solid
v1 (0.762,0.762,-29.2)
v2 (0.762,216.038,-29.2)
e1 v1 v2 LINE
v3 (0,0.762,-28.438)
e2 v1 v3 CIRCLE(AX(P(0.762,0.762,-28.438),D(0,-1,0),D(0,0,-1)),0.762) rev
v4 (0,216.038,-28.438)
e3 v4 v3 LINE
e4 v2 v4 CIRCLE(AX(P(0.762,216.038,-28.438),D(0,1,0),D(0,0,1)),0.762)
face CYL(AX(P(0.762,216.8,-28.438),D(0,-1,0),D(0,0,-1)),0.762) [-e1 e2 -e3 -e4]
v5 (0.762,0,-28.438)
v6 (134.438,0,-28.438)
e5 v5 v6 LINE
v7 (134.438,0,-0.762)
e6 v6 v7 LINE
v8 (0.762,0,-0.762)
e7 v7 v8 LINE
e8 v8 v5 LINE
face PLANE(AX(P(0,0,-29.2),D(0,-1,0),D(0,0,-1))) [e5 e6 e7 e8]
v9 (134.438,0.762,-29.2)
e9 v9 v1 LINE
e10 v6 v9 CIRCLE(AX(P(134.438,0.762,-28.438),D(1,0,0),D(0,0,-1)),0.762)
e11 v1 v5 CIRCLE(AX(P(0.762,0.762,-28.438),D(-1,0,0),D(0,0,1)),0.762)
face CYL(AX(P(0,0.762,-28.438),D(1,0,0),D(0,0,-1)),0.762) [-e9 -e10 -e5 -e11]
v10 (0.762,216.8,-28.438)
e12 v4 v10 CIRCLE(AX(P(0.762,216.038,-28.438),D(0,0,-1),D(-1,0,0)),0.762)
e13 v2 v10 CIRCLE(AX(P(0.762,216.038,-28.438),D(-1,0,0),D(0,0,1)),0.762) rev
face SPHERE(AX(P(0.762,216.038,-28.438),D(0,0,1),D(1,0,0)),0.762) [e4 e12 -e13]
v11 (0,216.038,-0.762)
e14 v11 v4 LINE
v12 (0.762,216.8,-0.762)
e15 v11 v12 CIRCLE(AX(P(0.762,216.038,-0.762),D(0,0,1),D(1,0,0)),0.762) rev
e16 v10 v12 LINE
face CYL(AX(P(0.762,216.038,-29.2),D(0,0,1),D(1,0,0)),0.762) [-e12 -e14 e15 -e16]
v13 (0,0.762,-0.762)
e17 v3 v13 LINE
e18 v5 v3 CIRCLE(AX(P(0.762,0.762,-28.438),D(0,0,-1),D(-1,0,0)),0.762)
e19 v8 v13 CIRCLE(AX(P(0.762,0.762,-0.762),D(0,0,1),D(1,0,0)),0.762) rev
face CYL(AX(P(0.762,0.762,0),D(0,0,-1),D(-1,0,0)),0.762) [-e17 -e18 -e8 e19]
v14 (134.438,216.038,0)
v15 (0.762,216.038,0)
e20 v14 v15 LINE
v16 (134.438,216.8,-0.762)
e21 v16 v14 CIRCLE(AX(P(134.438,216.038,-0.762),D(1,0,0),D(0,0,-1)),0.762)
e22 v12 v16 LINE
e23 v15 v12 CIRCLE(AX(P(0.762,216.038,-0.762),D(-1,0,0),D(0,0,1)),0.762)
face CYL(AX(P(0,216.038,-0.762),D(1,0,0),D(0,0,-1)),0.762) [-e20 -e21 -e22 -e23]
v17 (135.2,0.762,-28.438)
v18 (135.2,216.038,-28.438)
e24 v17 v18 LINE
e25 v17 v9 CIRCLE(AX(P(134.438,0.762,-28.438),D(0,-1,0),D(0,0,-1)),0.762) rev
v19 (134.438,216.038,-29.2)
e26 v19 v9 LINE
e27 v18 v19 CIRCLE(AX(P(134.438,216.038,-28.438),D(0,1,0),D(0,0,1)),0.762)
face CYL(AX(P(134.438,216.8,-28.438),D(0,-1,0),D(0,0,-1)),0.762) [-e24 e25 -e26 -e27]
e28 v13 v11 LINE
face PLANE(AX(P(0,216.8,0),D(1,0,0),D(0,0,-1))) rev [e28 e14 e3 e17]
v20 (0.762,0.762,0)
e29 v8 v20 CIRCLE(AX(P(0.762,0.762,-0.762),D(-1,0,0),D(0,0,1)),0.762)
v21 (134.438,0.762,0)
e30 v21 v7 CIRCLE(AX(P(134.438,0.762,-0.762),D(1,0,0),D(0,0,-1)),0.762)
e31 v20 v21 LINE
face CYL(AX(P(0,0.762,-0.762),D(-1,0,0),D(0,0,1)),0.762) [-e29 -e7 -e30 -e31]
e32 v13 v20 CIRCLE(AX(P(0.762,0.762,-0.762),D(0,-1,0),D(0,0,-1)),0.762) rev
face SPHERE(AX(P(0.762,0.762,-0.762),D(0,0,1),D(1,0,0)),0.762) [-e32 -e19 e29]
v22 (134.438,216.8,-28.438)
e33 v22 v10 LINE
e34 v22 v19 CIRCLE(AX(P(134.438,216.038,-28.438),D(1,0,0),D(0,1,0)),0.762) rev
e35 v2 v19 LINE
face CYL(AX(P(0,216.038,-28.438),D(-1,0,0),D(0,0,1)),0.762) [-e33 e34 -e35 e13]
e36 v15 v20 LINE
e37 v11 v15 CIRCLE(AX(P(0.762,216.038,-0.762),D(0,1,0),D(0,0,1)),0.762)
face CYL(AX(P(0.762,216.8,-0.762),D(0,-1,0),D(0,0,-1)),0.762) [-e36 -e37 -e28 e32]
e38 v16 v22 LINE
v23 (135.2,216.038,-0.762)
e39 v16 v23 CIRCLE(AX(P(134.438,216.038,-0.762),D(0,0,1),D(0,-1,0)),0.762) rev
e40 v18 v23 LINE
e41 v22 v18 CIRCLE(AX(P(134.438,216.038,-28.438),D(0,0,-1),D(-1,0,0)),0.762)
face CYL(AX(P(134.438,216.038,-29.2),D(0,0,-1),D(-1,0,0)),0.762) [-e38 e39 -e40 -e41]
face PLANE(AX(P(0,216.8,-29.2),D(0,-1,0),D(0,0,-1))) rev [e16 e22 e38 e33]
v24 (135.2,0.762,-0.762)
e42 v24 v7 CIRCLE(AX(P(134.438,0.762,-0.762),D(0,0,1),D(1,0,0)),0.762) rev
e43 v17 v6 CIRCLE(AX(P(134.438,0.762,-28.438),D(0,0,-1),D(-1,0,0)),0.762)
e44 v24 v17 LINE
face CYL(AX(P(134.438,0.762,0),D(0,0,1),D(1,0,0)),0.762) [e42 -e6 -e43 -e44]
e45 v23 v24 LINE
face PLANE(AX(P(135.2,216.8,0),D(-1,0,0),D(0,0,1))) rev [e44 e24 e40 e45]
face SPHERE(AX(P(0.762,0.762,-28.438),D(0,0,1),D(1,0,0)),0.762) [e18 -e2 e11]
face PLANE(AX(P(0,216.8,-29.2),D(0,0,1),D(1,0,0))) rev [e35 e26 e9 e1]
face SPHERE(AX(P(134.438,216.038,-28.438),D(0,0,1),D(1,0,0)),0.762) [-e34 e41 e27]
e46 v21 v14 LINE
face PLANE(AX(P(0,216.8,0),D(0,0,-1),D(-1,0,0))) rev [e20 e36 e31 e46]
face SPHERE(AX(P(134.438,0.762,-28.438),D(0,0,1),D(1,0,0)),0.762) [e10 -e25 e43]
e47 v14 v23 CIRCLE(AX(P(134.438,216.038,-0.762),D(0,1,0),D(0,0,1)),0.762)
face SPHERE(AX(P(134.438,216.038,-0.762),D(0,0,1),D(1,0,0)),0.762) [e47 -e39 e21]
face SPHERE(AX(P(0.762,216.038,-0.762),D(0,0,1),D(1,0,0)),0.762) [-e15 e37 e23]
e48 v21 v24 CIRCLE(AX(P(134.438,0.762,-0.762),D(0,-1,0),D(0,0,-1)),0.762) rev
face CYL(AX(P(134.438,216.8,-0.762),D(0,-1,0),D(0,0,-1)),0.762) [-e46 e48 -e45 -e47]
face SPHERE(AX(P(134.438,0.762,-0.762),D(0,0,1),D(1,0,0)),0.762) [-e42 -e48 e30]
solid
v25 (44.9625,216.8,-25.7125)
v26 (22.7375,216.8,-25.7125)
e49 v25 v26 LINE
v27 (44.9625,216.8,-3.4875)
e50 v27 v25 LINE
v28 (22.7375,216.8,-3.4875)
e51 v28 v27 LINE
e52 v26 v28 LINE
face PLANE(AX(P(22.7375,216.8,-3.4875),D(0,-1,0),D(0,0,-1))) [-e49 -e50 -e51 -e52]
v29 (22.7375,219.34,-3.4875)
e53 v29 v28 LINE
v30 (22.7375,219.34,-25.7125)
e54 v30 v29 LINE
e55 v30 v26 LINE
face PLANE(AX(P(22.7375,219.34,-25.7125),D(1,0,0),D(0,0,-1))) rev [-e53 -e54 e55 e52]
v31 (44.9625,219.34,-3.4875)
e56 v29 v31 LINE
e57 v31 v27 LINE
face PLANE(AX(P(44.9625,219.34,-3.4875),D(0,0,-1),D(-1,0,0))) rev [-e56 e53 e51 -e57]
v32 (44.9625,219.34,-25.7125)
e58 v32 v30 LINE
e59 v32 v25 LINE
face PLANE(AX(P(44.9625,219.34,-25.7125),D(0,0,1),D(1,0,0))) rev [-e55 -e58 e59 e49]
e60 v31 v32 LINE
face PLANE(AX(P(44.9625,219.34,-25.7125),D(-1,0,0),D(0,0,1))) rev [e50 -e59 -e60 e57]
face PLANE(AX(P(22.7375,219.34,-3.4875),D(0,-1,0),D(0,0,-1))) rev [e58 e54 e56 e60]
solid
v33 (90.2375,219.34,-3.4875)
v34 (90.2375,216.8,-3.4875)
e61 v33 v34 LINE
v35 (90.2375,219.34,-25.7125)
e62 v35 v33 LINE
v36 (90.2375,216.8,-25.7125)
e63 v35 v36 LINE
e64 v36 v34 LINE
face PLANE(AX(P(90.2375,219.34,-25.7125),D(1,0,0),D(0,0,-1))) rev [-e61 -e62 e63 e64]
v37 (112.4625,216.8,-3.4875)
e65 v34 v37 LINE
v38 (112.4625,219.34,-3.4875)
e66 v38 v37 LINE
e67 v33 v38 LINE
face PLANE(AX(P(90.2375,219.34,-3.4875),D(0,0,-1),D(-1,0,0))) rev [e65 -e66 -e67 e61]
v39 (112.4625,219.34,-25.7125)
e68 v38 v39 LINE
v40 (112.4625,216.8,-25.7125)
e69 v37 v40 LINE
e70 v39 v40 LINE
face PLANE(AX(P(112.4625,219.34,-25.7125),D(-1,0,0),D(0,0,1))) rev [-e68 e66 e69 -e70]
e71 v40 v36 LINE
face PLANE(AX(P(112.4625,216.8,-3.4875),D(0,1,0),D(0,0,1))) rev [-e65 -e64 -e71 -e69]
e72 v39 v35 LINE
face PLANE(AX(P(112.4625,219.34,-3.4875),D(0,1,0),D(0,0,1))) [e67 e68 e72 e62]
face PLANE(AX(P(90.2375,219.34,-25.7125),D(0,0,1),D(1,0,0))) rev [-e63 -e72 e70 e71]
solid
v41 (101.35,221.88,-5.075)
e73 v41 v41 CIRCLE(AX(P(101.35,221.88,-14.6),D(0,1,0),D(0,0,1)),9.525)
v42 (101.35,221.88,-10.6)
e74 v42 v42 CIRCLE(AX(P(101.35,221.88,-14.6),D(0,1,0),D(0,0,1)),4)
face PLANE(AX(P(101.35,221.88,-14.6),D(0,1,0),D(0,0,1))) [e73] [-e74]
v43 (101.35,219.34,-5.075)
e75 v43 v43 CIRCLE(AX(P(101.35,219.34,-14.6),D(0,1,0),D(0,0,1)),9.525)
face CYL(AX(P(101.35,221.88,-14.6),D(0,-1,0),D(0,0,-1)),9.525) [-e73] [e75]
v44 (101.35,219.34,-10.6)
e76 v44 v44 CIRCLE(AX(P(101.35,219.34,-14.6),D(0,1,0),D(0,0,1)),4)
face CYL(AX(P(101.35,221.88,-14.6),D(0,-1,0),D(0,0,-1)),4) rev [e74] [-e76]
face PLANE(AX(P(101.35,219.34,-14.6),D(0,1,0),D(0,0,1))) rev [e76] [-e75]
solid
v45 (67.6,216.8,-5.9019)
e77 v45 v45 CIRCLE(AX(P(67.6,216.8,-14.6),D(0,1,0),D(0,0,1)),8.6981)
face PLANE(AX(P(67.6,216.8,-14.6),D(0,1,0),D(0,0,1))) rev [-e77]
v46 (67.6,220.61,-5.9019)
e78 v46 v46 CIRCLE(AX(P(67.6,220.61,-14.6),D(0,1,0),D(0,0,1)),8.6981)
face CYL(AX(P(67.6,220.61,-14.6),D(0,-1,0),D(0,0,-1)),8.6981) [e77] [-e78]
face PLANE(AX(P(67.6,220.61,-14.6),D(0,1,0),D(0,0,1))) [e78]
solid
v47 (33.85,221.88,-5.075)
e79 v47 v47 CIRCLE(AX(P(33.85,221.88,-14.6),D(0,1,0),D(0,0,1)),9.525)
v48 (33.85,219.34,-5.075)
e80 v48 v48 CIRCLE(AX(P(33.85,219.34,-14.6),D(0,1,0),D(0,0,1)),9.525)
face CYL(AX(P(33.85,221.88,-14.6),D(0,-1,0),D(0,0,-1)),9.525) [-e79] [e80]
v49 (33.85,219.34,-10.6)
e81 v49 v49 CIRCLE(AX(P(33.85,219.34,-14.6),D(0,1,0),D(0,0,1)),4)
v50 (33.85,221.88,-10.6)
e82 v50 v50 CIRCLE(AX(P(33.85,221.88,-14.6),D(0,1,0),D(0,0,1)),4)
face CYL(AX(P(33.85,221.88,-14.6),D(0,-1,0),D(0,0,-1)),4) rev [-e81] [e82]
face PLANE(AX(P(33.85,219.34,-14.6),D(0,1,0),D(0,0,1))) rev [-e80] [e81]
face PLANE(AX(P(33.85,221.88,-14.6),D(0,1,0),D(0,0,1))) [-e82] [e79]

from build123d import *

# Parameters (mm, degrees)
SKETCH1_W             = 135.2
SKETCH1_H             = 29.2
BOSS_EXTRUDE1_DEPTH   = 216.8
SKETCH2_W             = 22.225
SKETCH2_H             = 22.225
BOSS_EXTRUDE2_DEPTH   = 2.54
BOSS_EXTRUDE2_2_DEPTH = 2.54
SKETCH4_R             = 9.525
SKETCH4_R_2           = 4
BOSS_EXTRUDE3_DEPTH   = 2.54
BOSS_EXTRUDE3_2_DEPTH = 2.54
SKETCH5_R             = 8.69809988
BOSS_EXTRUDE4_DEPTH   = 3.81
FILLET1_R             = 0.762


with BuildPart() as part:
    # Sketch1 → Boss-Extrude1 (new body)
    with BuildSketch(Plane(origin=(0, 0, 0), x_dir=(1, 0, 0), z_dir=(0, 1, 0))):
        with Locations((67.6, 14.6)):
            Rectangle(SKETCH1_W, SKETCH1_H)
    extrude(amount=BOSS_EXTRUDE1_DEPTH)

    # Fillet1
    fillet1_edges = [part.edges().sort_by_distance(p)[0] for p in [
        (135.2, 216.8, -14.6),
        (67.6, 216.8, -29.2),
        (0, 216.8, -14.6),
        (67.6, 0, -29.2),
        (135.2, 0, -14.6),
        (67.6, 0, 0),
        (0, 0, -14.6),
        (67.6, 216.8, 0),
        (0, 108.4, -29.2),
        (135.2, 108.4, -29.2),
        (135.2, 108.4, 0),
        (0, 108.4, 0),
    ]]
    fillet(fillet1_edges, radius=FILLET1_R)


with BuildPart() as body_2:
    # Sketch2 → Boss-Extrude2 (new body)
    with BuildSketch(Plane(origin=(0, 216.8, 0), x_dir=(1, 0, 0), z_dir=(0, 1, 0))):
        with Locations((33.85, 14.6)):
            Rectangle(SKETCH2_W, SKETCH2_H)
    extrude(amount=BOSS_EXTRUDE2_DEPTH)


with BuildPart() as body_3:
    # Sketch2 → Boss-Extrude2 2 (new body)
    with BuildSketch(Plane(origin=(0, 216.8, 0), x_dir=(1, 0, 0), z_dir=(0, 1, 0))):
        with Locations((101.35, 14.6)):
            Rectangle(SKETCH2_W, SKETCH2_H)
    extrude(amount=BOSS_EXTRUDE2_2_DEPTH)


with BuildPart() as body_4:
    # Sketch4 → Boss-Extrude3 (new body)
    with BuildSketch(Plane(origin=(0, 219.34, 0), x_dir=(1, 0, 0), z_dir=(0, 1, 0))):
        with Locations(Location((33.85, 14.6, 0), (0, 0, 270))):  # turned: the seam where the file's is
            Circle(SKETCH4_R)
        with Locations(Location((33.85, 14.6, 0), (0, 0, 270))):  # turned: the seam where the file's is
            Circle(SKETCH4_R_2, mode=Mode.SUBTRACT)
    extrude(amount=BOSS_EXTRUDE3_DEPTH)


with BuildPart() as body_5:
    # Sketch4 → Boss-Extrude3 2 (new body)
    with BuildSketch(Plane(origin=(0, 219.34, 0), x_dir=(1, 0, 0), z_dir=(0, 1, 0))):
        with Locations(Location((101.35, 14.6, 0), (0, 0, 270))):  # turned: the seam where the file's is
            Circle(SKETCH4_R)
        with Locations(Location((101.35, 14.6, 0), (0, 0, 270))):  # turned: the seam where the file's is
            Circle(SKETCH4_R_2, mode=Mode.SUBTRACT)
    extrude(amount=BOSS_EXTRUDE3_2_DEPTH)


with BuildPart() as body_6:
    # Sketch5 → Boss-Extrude4 (new body)
    with BuildSketch(Plane(origin=(0, 216.8, 0), x_dir=(1, 0, 0), z_dir=(0, 1, 0))):
        with Locations(Location((67.6, 14.6, 0), (0, 0, 270))):  # turned: the seam where the file's is
            Circle(SKETCH5_R)
    extrude(amount=BOSS_EXTRUDE4_DEPTH)


solid = Compound([part.part, body_2.part, body_3.part, body_4.part, body_5.part, body_6.part])
